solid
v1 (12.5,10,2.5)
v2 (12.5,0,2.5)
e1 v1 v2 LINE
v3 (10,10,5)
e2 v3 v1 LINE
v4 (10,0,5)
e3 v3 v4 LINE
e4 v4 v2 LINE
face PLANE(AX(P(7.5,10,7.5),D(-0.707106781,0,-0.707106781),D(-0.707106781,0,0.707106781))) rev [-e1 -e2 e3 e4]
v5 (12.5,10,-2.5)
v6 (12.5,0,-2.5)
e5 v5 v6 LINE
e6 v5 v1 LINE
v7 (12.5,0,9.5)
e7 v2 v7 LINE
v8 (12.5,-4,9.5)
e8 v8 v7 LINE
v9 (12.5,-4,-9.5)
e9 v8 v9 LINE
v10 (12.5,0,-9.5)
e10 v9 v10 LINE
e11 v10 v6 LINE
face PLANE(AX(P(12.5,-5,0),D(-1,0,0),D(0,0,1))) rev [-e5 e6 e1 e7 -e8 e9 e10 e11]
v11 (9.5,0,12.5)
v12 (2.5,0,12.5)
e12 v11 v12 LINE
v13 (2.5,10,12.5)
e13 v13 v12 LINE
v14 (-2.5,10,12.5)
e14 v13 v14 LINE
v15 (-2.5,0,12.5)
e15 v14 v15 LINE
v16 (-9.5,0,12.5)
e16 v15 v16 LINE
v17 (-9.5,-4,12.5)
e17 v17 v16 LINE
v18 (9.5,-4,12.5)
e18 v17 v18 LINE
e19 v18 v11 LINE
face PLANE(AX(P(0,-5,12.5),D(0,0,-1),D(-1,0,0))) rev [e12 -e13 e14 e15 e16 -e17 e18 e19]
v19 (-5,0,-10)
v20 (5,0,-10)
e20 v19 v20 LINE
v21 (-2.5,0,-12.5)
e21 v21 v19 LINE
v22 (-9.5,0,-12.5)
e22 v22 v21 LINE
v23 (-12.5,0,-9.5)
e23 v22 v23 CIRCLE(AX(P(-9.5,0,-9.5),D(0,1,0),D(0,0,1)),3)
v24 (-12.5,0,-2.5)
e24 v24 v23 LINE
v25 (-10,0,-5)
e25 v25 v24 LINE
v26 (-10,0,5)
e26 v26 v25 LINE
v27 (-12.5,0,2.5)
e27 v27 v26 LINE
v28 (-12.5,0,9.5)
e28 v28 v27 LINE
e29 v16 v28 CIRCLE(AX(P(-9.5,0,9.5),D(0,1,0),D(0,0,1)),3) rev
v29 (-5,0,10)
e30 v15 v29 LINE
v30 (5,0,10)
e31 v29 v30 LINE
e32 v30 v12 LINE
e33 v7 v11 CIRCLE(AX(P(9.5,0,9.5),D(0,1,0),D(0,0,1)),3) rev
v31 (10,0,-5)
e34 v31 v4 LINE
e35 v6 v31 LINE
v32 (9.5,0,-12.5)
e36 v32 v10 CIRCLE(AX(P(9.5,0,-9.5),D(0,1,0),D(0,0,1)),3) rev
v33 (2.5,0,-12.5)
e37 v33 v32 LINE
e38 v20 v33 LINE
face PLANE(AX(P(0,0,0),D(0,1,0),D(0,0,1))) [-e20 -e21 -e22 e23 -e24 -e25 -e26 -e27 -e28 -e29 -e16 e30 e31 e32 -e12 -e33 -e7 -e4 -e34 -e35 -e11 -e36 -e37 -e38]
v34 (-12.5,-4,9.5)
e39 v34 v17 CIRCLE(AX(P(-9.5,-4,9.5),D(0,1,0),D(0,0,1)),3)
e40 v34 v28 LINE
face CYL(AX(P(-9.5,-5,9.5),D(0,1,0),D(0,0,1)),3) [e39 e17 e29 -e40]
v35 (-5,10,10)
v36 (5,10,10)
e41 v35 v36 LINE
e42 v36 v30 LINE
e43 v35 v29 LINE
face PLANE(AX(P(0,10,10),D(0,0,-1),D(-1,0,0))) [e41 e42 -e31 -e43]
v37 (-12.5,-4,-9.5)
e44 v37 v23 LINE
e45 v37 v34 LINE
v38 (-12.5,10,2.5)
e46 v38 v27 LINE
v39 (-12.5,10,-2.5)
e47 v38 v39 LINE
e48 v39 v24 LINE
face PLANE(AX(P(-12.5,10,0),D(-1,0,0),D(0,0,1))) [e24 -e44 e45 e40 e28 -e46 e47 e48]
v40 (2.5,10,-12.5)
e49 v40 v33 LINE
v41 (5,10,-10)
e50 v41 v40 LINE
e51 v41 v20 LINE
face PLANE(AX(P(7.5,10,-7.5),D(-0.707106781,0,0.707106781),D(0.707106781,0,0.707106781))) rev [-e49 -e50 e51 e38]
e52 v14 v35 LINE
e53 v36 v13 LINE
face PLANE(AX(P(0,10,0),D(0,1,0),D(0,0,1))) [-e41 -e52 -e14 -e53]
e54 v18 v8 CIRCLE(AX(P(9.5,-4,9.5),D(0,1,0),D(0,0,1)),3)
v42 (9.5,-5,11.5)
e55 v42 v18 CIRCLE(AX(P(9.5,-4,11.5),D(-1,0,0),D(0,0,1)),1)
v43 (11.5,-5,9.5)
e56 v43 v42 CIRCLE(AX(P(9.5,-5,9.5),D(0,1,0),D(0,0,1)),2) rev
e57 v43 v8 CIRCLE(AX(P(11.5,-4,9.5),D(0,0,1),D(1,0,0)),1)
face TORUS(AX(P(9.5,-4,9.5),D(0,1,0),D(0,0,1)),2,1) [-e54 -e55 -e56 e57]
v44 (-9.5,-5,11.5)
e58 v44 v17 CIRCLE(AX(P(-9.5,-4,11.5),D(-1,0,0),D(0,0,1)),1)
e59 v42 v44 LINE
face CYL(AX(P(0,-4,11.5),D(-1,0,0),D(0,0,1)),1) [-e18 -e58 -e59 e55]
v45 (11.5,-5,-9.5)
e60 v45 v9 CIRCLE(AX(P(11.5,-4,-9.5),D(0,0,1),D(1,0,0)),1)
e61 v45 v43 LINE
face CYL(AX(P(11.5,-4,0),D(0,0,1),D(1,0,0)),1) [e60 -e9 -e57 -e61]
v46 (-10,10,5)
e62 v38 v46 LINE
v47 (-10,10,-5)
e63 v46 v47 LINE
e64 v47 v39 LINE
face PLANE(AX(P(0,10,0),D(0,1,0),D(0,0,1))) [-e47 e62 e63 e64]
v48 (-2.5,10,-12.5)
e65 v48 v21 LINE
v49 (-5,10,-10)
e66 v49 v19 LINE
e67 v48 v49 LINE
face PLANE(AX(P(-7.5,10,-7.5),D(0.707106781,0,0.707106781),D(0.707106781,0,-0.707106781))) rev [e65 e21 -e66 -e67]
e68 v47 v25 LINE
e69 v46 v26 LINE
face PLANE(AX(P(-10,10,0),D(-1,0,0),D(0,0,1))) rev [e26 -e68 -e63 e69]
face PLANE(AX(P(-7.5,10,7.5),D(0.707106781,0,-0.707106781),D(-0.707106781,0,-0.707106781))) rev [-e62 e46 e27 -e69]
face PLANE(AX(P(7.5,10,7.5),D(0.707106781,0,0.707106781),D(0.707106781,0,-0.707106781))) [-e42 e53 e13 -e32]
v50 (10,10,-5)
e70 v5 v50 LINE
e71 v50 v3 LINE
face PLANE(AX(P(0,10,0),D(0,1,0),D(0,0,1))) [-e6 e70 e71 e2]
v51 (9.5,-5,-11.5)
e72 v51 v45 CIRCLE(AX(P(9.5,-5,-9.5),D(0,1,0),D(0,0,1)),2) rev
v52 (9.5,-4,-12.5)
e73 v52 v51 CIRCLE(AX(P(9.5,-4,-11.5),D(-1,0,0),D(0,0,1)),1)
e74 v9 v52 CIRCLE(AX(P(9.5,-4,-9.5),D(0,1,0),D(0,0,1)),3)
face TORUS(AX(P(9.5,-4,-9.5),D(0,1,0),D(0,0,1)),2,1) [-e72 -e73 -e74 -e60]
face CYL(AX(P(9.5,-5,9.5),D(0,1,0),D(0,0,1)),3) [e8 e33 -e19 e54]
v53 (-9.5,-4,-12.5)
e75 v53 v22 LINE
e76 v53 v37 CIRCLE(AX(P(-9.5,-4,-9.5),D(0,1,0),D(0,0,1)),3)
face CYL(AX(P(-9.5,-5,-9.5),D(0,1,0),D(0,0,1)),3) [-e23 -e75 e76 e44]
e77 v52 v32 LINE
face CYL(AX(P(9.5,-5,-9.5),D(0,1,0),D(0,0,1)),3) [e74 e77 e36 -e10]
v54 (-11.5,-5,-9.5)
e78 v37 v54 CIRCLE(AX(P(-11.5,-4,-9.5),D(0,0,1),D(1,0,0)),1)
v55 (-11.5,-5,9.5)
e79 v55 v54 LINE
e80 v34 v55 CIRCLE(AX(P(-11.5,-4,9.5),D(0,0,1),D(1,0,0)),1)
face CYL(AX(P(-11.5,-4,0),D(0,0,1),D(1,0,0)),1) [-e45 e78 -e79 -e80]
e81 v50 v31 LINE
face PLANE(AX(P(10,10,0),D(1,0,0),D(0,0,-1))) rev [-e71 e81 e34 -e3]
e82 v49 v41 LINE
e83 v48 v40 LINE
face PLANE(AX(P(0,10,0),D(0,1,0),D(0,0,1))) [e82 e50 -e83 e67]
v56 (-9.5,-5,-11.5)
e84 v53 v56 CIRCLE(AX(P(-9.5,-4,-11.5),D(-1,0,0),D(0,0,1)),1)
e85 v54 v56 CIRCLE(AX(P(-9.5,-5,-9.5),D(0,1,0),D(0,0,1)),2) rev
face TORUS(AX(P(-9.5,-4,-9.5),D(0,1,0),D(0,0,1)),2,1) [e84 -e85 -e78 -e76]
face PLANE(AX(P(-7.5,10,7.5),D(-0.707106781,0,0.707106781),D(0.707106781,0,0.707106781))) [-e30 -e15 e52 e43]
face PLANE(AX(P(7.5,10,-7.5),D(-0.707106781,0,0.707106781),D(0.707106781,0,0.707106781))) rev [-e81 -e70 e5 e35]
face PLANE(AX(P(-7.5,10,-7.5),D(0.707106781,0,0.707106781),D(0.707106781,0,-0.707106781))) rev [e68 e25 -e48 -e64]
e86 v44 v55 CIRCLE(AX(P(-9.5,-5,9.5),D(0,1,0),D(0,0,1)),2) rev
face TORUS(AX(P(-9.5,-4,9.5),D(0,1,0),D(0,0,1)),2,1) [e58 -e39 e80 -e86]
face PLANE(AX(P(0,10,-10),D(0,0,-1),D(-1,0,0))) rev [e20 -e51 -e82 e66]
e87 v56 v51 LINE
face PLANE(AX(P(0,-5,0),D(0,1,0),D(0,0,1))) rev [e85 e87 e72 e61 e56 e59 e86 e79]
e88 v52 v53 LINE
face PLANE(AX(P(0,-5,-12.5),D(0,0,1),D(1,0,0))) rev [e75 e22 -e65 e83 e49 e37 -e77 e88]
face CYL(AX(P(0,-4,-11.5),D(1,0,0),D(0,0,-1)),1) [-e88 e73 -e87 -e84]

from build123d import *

# Parameters (mm, degrees)
BOSS_EXTRUDE1_DEPTH   = 10
BOSS_EXTRUDE1_2_DEPTH = 10
BOSS_EXTRUDE1_3_DEPTH = 10
BOSS_EXTRUDE1_4_DEPTH = 10
BOSS_EXTRUDE2_DEPTH   = 5
FILLET1_R             = 1


with BuildPart() as part:
    # Sketch3 → Boss-Extrude1 (new body)
    with BuildSketch(Plane(origin=(0, 0, 0), x_dir=(1, 0, 0), z_dir=(0, 1, 0))):
        Polygon((2.5, 12.5), (-2.5, 12.5), (-5, 10), (5, 10), align=None)
    extrude(amount=BOSS_EXTRUDE1_DEPTH)



with BuildPart() as body_2:
    # Sketch3 → Boss-Extrude1 2 (new body)
    with BuildSketch(Plane(origin=(0, 0, 0), x_dir=(1, 0, 0), z_dir=(0, 1, 0))):
        Polygon((-10, 5), (-12.5, 2.5), (-12.5, -2.5), (-10, -5), align=None)
    extrude(amount=BOSS_EXTRUDE1_2_DEPTH)


with BuildPart() as body_3:
    # Sketch3 → Boss-Extrude1 3 (new body)
    with BuildSketch(Plane(origin=(0, 0, 0), x_dir=(1, 0, 0), z_dir=(0, 1, 0))):
        Polygon((12.5, -2.5), (12.5, 2.5), (10, 5), (10, -5), align=None)
    extrude(amount=BOSS_EXTRUDE1_3_DEPTH)


with BuildPart() as body_4:
    # Sketch3 → Boss-Extrude1 4 (new body)
    with BuildSketch(Plane(origin=(0, 0, 0), x_dir=(1, 0, 0), z_dir=(0, 1, 0))):
        Polygon((-5, -10), (-2.5, -12.5), (2.5, -12.5), (5, -10), align=None)
    extrude(amount=BOSS_EXTRUDE1_4_DEPTH)


with BuildPart() as part_1:
    add(part.part)

    add(body_2.part)  # Boss-Extrude2 merges body 2

    add(body_3.part)  # Boss-Extrude2 merges body 3

    add(body_4.part)  # Boss-Extrude2 merges body 4
    # Sketch3<4> → Boss-Extrude2 (add)
    with BuildSketch(Plane(origin=(0, 0, 0), x_dir=(1, 0, 0), z_dir=(0, 1, 0))):
        with BuildLine():
            ThreePointArc((-9.5, 12.5), (-11.621320344, 11.621320344), (-12.5, 9.5))
            Line((-12.5, 9.5), (-12.5, -9.5))
            ThreePointArc((-12.5, -9.5), (-11.621320344, -11.621320344), (-9.5, -12.5))
            Line((-9.5, -12.5), (9.5, -12.5))
            ThreePointArc((9.5, -12.5), (11.621320344, -11.621320344), (12.5, -9.5))
            Line((12.5, -9.5), (12.5, 9.5))
            ThreePointArc((12.5, 9.5), (11.621320344, 11.621320344), (9.5, 12.5))
            Line((9.5, 12.5), (-9.5, 12.5))
        make_face()
    extrude(amount=-BOSS_EXTRUDE2_DEPTH)

    # Fillet1
    fillet1_edges = [part_1.edges().sort_by_distance(p)[0] for p in [
        (-11.621320344, -5, 11.621320344),
        (0, -5, 12.5),
        (11.621320344, -5, 11.621320344),
        (12.5, -5, 0),
        (11.621320344, -5, -11.621320344),
        (0, -5, -12.5),
        (-11.621320344, -5, -11.621320344),
        (-12.5, -5, 0),
    ]]
    fillet(fillet1_edges, radius=FILLET1_R)


solid = part_1.part
